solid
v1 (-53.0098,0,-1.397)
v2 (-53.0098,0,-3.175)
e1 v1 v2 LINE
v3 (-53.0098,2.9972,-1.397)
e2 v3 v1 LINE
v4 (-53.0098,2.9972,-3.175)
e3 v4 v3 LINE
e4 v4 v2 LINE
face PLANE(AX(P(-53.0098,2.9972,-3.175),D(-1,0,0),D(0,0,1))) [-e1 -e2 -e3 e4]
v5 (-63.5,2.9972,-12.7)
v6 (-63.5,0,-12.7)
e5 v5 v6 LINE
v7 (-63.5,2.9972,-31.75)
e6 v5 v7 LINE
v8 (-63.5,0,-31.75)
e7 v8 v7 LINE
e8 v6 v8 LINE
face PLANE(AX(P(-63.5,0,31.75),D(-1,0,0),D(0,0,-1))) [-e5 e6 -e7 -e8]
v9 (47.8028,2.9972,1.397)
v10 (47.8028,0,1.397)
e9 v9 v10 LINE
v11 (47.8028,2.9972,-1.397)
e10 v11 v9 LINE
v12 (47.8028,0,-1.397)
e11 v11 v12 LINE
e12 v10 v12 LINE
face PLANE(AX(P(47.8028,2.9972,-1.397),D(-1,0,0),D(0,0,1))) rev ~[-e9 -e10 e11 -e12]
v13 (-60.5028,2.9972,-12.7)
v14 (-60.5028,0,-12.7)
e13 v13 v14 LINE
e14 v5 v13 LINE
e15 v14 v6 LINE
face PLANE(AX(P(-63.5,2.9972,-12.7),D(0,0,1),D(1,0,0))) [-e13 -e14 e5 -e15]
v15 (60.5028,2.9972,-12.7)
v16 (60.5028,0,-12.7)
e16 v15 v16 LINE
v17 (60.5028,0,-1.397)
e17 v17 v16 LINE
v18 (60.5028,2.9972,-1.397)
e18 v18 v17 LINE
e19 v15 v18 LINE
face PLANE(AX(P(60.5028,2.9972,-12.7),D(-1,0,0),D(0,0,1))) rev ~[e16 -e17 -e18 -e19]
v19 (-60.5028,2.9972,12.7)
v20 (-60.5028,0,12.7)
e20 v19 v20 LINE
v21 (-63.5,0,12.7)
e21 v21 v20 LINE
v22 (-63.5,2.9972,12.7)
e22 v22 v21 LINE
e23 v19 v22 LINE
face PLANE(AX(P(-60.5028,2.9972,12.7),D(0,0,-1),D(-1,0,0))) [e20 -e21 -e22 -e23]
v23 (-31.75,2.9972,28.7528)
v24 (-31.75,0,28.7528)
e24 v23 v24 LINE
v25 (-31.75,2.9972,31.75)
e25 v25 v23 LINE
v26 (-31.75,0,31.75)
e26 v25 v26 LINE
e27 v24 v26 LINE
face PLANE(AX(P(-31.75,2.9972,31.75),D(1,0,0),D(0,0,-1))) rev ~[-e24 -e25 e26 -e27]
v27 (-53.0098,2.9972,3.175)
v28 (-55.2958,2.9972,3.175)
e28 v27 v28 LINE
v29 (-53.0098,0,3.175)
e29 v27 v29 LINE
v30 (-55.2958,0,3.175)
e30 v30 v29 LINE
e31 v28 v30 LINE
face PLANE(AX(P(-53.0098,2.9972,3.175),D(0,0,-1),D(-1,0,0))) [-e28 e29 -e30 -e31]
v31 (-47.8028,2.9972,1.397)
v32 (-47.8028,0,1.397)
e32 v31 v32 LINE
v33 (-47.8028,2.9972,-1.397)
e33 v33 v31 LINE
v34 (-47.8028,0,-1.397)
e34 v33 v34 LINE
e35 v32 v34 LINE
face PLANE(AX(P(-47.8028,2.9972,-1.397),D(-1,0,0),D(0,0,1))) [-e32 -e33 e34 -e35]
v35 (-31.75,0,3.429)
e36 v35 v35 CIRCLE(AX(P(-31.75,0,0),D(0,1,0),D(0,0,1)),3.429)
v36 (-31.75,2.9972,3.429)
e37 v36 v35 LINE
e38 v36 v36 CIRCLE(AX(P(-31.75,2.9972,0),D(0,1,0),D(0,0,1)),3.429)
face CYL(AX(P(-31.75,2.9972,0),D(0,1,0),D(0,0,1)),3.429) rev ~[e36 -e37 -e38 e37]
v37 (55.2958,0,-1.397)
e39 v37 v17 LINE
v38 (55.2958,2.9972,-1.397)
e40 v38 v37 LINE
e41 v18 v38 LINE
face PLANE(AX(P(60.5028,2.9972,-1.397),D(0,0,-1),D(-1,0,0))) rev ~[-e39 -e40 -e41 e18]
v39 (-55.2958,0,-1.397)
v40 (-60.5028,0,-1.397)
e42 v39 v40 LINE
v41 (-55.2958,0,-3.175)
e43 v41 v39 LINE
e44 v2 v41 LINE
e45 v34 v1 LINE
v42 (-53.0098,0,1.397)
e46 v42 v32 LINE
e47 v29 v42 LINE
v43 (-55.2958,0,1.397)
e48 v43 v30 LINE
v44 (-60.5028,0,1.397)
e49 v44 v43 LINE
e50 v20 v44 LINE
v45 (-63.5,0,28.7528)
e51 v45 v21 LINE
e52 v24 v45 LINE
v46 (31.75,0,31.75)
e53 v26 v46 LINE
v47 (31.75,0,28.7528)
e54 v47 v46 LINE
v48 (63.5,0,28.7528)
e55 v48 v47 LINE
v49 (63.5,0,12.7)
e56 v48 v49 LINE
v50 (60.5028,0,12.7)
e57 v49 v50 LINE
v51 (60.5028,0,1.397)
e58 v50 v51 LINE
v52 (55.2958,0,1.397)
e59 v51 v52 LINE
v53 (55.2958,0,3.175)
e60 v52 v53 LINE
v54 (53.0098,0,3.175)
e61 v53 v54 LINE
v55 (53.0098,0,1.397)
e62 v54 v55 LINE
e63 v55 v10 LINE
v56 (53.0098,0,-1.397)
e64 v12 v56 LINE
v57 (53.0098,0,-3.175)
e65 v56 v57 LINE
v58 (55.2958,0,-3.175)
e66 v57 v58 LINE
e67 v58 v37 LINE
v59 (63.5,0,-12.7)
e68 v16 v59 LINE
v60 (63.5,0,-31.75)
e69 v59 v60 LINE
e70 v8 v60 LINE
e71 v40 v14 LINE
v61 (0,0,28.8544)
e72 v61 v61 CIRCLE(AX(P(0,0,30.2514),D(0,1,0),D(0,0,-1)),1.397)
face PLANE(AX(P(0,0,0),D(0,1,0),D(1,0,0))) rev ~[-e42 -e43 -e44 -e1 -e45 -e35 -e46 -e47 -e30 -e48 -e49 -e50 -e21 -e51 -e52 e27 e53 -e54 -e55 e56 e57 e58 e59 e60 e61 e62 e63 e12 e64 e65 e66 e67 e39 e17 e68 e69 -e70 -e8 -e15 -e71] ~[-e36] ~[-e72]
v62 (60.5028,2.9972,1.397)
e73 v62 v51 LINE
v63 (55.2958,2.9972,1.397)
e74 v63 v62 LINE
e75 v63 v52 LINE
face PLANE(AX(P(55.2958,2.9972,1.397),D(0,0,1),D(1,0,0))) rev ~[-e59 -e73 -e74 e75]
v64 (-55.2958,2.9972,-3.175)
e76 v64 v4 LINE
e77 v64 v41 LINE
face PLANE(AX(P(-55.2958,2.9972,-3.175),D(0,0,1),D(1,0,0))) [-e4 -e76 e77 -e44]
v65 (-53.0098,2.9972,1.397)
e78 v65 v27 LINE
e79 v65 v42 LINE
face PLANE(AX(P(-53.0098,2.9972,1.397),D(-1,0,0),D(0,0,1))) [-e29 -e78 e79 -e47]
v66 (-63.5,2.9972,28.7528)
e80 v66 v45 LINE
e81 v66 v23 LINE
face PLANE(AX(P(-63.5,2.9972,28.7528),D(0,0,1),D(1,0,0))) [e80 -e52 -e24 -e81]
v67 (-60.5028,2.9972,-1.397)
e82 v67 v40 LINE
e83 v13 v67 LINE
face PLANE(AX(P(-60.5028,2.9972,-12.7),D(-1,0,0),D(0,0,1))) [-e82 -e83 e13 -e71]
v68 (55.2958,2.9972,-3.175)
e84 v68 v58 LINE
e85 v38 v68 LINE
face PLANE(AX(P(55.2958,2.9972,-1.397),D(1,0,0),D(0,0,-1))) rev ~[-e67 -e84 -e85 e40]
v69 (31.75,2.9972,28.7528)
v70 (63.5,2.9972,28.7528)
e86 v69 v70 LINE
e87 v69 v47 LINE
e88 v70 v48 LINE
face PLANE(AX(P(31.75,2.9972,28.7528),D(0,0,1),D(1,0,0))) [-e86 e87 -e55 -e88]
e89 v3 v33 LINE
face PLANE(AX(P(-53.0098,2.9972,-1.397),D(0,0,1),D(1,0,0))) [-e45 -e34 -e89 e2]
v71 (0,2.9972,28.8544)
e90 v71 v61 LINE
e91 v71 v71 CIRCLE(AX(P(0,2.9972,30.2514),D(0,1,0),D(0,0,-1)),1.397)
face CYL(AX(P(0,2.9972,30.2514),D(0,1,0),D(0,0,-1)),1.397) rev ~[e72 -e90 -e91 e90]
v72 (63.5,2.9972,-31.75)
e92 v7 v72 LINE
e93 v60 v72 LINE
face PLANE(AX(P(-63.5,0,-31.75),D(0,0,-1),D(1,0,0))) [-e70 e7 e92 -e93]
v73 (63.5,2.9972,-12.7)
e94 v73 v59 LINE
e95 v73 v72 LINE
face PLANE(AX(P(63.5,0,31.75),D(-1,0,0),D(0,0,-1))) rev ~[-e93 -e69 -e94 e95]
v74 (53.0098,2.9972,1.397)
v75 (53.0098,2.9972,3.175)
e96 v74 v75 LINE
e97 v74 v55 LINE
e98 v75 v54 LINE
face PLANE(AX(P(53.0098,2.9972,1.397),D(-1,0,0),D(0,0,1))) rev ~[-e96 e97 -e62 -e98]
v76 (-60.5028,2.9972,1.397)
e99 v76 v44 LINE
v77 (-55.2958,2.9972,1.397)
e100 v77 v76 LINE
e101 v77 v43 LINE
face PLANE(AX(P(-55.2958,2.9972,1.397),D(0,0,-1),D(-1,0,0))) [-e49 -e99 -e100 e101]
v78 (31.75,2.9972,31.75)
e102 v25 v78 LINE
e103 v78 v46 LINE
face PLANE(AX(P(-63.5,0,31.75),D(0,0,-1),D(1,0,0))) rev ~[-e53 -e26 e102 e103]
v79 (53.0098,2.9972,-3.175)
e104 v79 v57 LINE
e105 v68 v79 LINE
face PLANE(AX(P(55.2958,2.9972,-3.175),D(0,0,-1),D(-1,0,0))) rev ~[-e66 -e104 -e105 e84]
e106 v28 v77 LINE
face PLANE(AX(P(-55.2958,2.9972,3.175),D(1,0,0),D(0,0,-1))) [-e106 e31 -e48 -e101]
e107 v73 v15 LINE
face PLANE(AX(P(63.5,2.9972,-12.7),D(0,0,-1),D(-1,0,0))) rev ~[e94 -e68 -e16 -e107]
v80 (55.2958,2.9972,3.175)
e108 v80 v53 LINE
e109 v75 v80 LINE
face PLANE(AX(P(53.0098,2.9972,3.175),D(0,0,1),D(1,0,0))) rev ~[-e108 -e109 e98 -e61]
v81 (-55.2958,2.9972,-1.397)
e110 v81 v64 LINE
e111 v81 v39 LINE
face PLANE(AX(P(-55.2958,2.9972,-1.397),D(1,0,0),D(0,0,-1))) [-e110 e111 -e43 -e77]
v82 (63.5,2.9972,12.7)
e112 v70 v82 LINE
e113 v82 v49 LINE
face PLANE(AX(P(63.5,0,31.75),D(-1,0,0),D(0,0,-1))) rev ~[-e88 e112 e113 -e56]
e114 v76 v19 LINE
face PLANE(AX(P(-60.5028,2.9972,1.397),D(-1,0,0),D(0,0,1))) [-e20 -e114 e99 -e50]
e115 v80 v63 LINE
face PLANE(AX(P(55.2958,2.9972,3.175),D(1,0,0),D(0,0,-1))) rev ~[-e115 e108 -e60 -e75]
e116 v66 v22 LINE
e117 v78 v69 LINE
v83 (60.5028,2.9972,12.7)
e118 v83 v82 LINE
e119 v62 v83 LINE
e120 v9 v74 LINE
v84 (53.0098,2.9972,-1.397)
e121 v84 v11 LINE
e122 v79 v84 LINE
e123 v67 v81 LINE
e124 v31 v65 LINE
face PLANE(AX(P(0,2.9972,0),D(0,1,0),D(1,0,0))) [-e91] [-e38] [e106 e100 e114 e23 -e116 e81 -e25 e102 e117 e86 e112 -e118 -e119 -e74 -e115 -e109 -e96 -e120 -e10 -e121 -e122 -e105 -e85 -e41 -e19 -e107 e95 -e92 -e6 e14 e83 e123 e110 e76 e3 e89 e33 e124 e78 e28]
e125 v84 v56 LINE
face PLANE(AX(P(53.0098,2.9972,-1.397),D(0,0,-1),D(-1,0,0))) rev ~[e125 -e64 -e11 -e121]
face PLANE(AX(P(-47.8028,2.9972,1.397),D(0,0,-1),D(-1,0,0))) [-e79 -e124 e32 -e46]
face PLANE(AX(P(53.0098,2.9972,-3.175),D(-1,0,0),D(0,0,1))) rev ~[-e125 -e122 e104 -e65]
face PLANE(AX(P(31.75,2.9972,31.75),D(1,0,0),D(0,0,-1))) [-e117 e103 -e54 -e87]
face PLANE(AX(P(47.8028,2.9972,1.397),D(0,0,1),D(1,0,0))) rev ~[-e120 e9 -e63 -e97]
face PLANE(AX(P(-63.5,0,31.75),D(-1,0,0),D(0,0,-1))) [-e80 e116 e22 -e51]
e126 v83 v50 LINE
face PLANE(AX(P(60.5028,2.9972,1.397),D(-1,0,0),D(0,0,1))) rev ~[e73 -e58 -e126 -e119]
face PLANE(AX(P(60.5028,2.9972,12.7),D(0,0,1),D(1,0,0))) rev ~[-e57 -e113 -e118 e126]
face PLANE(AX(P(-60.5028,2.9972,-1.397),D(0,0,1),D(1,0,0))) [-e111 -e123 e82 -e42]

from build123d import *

# Parameters (mm, degrees)
SKETCH1_W           = 127
SKETCH1_H           = 63.5
BOSS_EXTRUDE1_DEPTH = 2.9972
CUT_EXTRUDE1_REACH  = 73.058
SKETCH2_R           = 1.397
SKETCH2_W           = 31.75
SKETCH2_H           = 2.9972
CUT_EXTRUDE2_REACH  = 73.058
SKETCH3_R           = 3.429


with BuildPart() as part:
    # Sketch1 → Boss-Extrude1 (new body)
    with BuildSketch(Plane(origin=(0, 0, 0), x_dir=(1, 0, 0), z_dir=(0, 1, 0))):
        Rectangle(SKETCH1_W, SKETCH1_H)
    extrude(amount=BOSS_EXTRUDE1_DEPTH)

    # Sketch2 → Cut-Extrude1 (cut, up to next)
    with BuildSketch(Plane(origin=(0, 2.9972, 0), x_dir=(1, 0, 0), z_dir=(0, 1, 0)), mode=Mode.PRIVATE) as cut_extrude1_sk1:
        with Locations(Location((0, -30.2514, 0), (0, 0, 90))):
            Circle(SKETCH2_R)
    cut_extrude1_tool1 = extrude(cut_extrude1_sk1.sketch, amount=-CUT_EXTRUDE1_REACH, mode=Mode.PRIVATE) & part.part
    # Sketch2 → Cut-Extrude1 (cut, up to next)
    with BuildSketch(Plane(origin=(0, 2.9972, 0), x_dir=(1, 0, 0), z_dir=(0, 1, 0)), mode=Mode.PRIVATE) as cut_extrude1_sk2:
        with Locations((-47.625, -30.2514)):
            Rectangle(SKETCH2_W, SKETCH2_H)
    cut_extrude1_tool2 = extrude(cut_extrude1_sk2.sketch, amount=-CUT_EXTRUDE1_REACH, mode=Mode.PRIVATE) & part.part
    # Sketch2 → Cut-Extrude1 (cut, up to next)
    with BuildSketch(Plane(origin=(0, 2.9972, 0), x_dir=(1, 0, 0), z_dir=(0, 1, 0)), mode=Mode.PRIVATE) as cut_extrude1_sk3:
        Polygon((-63.5, 12.7), (-60.5028, 12.7), (-60.5028, 1.397), (-55.2958, 1.397), (-55.2958, 3.175), (-53.0098, 3.175), (-53.0098, 1.397), (-47.8028, 1.397), (-47.8028, -1.397), (-53.0098, -1.397), (-53.0098, -3.175), (-55.2958, -3.175), (-55.2958, -1.397), (-60.5028, -1.397), (-60.5028, -12.7), (-63.5, -12.7), align=None)
    cut_extrude1_tool3 = extrude(cut_extrude1_sk3.sketch, amount=-CUT_EXTRUDE1_REACH, mode=Mode.PRIVATE) & part.part
    # Sketch2 → Cut-Extrude1 (cut, up to next)
    with BuildSketch(Plane(origin=(0, 2.9972, 0), x_dir=(1, 0, 0), z_dir=(0, 1, 0)), mode=Mode.PRIVATE) as cut_extrude1_sk4:
        with Locations((47.625, -30.2514)):
            Rectangle(SKETCH2_W, SKETCH2_H)
    cut_extrude1_tool4 = extrude(cut_extrude1_sk4.sketch, amount=-CUT_EXTRUDE1_REACH, mode=Mode.PRIVATE) & part.part
    # Sketch2 → Cut-Extrude1 (cut, up to next)
    with BuildSketch(Plane(origin=(0, 2.9972, 0), x_dir=(1, 0, 0), z_dir=(0, 1, 0)), mode=Mode.PRIVATE) as cut_extrude1_sk5:
        Polygon((60.5028, -1.397), (60.5028, -12.7), (63.5, -12.7), (63.5, 12.7), (60.5028, 12.7), (60.5028, 1.397), (55.2958, 1.397), (55.2958, 3.175), (53.0098, 3.175), (53.0098, 1.397), (47.8028, 1.397), (47.8028, -1.397), (53.0098, -1.397), (53.0098, -3.175), (55.2958, -3.175), (55.2958, -1.397), align=None)
    cut_extrude1_tool5 = extrude(cut_extrude1_sk5.sketch, amount=-CUT_EXTRUDE1_REACH, mode=Mode.PRIVATE) & part.part
    add(cut_extrude1_tool1.solids().sort_by_distance((0, 2.9972, 30.2514))[0], mode=Mode.SUBTRACT)
    add(cut_extrude1_tool2.solids().sort_by_distance((-47.625, 2.9972, 30.2514))[0], mode=Mode.SUBTRACT)
    add(cut_extrude1_tool3.solids().sort_by_distance((-59.14275, 2.9972, 0))[0], mode=Mode.SUBTRACT)
    add(cut_extrude1_tool4.solids().sort_by_distance((47.625, 2.9972, 30.2514))[0], mode=Mode.SUBTRACT)
    add(cut_extrude1_tool5.solids().sort_by_distance((59.14275, 2.9972, 0))[0], mode=Mode.SUBTRACT)

    # Sketch3 → Cut-Extrude2 (cut, up to next)
    with BuildSketch(Plane(origin=(0, 2.9972, 0), x_dir=(1, 0, 0), z_dir=(0, 1, 0)), mode=Mode.PRIVATE) as cut_extrude2_sk1:
        with Locations(Location((-31.75, 0, 0), (0, 0, 270))):
            Circle(SKETCH3_R)
    cut_extrude2_tool1 = extrude(cut_extrude2_sk1.sketch, amount=-CUT_EXTRUDE2_REACH, mode=Mode.PRIVATE) & part.part
    add(cut_extrude2_tool1.solids().sort_by_distance((-31.75, 2.9972, 0))[0], mode=Mode.SUBTRACT)


solid = part.part
